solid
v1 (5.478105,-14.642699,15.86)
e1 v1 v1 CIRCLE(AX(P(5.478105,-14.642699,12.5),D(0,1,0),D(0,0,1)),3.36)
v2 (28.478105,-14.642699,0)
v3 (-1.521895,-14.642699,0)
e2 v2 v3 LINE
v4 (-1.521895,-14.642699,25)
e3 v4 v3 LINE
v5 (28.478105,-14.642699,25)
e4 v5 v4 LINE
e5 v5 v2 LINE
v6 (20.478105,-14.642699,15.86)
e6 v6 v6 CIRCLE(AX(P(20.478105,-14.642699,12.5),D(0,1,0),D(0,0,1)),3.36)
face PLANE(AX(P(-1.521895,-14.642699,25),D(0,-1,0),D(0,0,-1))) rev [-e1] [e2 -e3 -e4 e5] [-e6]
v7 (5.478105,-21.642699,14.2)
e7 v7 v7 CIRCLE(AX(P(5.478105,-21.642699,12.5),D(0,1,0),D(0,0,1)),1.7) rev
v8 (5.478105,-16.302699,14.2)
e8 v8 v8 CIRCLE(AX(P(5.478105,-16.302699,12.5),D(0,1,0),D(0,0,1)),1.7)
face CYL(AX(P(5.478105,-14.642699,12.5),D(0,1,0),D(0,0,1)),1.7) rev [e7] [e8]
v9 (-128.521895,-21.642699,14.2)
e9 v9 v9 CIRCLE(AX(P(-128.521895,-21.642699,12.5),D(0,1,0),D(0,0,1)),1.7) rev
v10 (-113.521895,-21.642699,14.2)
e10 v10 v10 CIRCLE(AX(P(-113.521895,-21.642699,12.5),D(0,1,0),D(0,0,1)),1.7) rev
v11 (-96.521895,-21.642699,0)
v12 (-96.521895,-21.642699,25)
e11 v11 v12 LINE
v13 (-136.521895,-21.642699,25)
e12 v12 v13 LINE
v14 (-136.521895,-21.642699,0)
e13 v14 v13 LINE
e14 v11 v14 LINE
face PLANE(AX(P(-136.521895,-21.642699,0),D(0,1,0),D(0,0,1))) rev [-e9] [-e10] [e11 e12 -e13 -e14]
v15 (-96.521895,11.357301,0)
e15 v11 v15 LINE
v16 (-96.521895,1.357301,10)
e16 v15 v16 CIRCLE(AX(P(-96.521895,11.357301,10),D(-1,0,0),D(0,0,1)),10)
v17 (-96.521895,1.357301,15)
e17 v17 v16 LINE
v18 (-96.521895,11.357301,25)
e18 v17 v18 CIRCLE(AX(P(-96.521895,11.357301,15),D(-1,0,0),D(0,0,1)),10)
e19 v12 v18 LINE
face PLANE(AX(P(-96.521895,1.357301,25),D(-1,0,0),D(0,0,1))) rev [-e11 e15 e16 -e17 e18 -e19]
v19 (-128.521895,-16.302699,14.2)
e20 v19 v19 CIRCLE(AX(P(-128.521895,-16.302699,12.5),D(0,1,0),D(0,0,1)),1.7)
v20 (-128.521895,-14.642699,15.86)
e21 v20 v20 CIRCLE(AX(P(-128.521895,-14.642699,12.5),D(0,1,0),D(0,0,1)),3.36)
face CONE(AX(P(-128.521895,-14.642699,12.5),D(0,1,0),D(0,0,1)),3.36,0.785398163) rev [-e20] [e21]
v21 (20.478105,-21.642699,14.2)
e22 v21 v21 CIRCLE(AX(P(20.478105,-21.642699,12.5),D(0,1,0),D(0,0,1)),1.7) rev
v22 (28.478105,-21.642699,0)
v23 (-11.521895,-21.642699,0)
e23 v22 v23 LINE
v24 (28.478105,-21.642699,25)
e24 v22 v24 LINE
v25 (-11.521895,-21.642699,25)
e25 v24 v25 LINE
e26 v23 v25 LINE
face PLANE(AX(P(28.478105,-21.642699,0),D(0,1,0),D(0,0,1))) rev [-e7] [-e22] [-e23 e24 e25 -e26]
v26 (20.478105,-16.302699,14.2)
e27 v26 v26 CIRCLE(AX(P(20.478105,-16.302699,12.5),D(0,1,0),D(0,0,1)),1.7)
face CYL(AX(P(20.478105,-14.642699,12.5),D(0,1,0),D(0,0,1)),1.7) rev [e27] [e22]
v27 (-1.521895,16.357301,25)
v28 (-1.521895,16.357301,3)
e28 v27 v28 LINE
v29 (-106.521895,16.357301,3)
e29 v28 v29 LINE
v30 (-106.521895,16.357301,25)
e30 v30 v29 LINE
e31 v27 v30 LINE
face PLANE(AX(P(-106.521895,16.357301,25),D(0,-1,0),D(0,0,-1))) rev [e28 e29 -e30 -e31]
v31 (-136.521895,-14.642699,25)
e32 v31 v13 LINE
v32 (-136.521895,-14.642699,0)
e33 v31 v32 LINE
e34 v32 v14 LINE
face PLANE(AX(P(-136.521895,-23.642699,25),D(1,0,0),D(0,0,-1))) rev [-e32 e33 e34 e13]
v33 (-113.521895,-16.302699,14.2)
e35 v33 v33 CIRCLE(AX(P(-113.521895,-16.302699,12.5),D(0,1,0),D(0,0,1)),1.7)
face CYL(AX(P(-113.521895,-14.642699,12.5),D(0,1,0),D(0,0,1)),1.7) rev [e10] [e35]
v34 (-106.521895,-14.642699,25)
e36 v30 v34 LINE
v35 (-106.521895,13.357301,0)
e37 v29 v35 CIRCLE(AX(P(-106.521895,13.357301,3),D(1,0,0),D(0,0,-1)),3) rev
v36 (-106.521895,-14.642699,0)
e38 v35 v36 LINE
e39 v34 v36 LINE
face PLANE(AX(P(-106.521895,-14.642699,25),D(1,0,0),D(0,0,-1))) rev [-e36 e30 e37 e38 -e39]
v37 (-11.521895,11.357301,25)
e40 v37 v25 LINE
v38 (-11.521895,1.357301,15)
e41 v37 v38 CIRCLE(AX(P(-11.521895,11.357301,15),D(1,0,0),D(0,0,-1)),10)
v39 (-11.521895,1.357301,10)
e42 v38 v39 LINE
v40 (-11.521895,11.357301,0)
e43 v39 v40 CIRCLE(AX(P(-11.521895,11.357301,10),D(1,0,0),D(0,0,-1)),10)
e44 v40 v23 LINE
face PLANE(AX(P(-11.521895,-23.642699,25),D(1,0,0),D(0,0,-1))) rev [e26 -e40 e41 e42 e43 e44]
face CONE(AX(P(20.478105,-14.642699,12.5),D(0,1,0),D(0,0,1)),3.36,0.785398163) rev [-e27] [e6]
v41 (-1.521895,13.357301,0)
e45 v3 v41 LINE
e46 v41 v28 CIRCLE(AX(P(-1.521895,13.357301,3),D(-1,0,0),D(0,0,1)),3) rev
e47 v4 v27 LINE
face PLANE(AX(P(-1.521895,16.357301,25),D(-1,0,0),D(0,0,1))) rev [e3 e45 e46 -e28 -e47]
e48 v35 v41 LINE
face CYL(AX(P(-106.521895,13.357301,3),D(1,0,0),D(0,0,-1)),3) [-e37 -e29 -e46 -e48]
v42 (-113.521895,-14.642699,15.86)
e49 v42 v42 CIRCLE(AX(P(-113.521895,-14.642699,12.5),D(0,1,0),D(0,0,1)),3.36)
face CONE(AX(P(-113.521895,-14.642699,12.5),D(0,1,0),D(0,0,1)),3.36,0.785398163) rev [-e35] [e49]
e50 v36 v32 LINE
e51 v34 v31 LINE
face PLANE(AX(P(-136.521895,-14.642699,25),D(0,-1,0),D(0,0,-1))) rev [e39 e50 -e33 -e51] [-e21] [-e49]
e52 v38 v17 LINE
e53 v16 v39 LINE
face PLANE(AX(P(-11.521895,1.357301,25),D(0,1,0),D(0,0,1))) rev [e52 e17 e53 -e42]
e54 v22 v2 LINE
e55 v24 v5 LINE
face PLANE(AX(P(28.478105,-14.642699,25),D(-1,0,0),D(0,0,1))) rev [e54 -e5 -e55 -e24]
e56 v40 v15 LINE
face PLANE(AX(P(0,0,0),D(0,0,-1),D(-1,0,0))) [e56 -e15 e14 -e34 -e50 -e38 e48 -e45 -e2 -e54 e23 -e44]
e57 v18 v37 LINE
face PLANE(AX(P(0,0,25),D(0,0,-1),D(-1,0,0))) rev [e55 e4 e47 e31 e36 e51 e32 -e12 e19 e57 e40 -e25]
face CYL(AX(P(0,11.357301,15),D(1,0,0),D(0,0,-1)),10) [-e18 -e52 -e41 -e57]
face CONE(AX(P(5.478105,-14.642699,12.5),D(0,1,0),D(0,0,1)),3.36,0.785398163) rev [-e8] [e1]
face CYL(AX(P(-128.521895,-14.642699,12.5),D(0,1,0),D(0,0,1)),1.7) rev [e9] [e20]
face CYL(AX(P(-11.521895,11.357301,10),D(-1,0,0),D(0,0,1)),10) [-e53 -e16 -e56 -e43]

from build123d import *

# Parameters (mm, degrees)
SALIENTE_EXTRUIR1_DEPTH                              = 25
REDONDEO1_R                                          = 10
REDONDEO2_R                                          = 3
CROQUIS2_R                                           = 1.5
CORTAR_EXTRUIR1_DEPTH                                = 9
REFRENTADO_PARA_TORNILLO_TAP_N_CON_CABEZ_D           = 3.4
REFRENTADO_PARA_TORNILLO_TAP_N_CON_CABEZ_CSINK_D     = 6.72
REFRENTADO_PARA_TORNILLO_TAP_N_CON_CABEZ_CSINK_ANGLE = 90
CROQUIS5_W                                           = 40
CROQUIS5_H                                           = 2
CORTAR_EXTRUIR2_DEPTH                                = 25


with BuildPart() as part:
    # Croquis1 → Saliente-Extruir1 (new body)
    with BuildSketch(Plane.XY):
        Polygon((-96.521895292, -23.642699491), (-136.521895292, -23.642699491), (-136.521895292, -14.642699491), (-106.521895292, -14.642699491), (-106.521895292, 16.357300509), (-1.521895292, 16.357300509), (-1.521895292, -14.642699491), (28.478104708, -14.642699491), (28.478104708, -23.642699491), (-11.521895292, -23.642699491), (-11.521895292, 1.357300509), (-96.521895292, 1.357300509), align=None)
    extrude(amount=SALIENTE_EXTRUIR1_DEPTH)

    # Redondeo1
    redondeo1_edges = [part.edges().sort_by_distance(p)[0] for p in [
        (-54.021895292, 1.357300509, 0),
        (-54.021895292, 1.357300509, 25),
    ]]
    fillet(redondeo1_edges, radius=REDONDEO1_R)

    # Redondeo2
    redondeo2_edges = [part.edges().sort_by_distance(p)[0] for p in [
        (-54.021895292, 16.357300509, 0),
    ]]
    fillet(redondeo2_edges, radius=REDONDEO2_R)

    # Croquis2 → Cortar-Extruir1 (cut)
    with BuildSketch(Plane(origin=(0, -14.642699491, 0), x_dir=(1, 0, 0), z_dir=(0, 1, 0))):
        with Locations((-113.521895292, -12.5)):
            Circle(CROQUIS2_R)
        with Locations((-128.521895292, -12.5)):
            Circle(CROQUIS2_R)
        with Locations((20.478104708, -12.5)):
            Circle(CROQUIS2_R)
        with Locations((5.478104708, -12.5)):
            Circle(CROQUIS2_R)
    extrude(amount=-CORTAR_EXTRUIR1_DEPTH, mode=Mode.SUBTRACT)

    # Refrentado para tornillo tapón con cabeza plana de clavija de M31 (through all)
    with Locations(Plane(origin=(0, -14.642699491, 0), x_dir=(1, 0, 0), z_dir=(0, 1, 0))):
        with Locations((-128.521895292, -12.5), (-113.521895292, -12.5), (20.478104708, -12.5), (5.478104708, -12.5)):
            CounterSinkHole(REFRENTADO_PARA_TORNILLO_TAP_N_CON_CABEZ_D / 2, REFRENTADO_PARA_TORNILLO_TAP_N_CON_CABEZ_CSINK_D / 2, counter_sink_angle=REFRENTADO_PARA_TORNILLO_TAP_N_CON_CABEZ_CSINK_ANGLE)

    # Croquis5 → Cortar-Extruir2 (cut)
    with BuildSketch(Plane.XY.offset(25)):
        with Locations((-116.521895292, -22.642699491)):
            Rectangle(CROQUIS5_W, CROQUIS5_H)
        with Locations((8.478104708, -22.642699491)):
            Rectangle(CROQUIS5_W, CROQUIS5_H)
    extrude(amount=-CORTAR_EXTRUIR2_DEPTH, mode=Mode.SUBTRACT)


solid = part.part
